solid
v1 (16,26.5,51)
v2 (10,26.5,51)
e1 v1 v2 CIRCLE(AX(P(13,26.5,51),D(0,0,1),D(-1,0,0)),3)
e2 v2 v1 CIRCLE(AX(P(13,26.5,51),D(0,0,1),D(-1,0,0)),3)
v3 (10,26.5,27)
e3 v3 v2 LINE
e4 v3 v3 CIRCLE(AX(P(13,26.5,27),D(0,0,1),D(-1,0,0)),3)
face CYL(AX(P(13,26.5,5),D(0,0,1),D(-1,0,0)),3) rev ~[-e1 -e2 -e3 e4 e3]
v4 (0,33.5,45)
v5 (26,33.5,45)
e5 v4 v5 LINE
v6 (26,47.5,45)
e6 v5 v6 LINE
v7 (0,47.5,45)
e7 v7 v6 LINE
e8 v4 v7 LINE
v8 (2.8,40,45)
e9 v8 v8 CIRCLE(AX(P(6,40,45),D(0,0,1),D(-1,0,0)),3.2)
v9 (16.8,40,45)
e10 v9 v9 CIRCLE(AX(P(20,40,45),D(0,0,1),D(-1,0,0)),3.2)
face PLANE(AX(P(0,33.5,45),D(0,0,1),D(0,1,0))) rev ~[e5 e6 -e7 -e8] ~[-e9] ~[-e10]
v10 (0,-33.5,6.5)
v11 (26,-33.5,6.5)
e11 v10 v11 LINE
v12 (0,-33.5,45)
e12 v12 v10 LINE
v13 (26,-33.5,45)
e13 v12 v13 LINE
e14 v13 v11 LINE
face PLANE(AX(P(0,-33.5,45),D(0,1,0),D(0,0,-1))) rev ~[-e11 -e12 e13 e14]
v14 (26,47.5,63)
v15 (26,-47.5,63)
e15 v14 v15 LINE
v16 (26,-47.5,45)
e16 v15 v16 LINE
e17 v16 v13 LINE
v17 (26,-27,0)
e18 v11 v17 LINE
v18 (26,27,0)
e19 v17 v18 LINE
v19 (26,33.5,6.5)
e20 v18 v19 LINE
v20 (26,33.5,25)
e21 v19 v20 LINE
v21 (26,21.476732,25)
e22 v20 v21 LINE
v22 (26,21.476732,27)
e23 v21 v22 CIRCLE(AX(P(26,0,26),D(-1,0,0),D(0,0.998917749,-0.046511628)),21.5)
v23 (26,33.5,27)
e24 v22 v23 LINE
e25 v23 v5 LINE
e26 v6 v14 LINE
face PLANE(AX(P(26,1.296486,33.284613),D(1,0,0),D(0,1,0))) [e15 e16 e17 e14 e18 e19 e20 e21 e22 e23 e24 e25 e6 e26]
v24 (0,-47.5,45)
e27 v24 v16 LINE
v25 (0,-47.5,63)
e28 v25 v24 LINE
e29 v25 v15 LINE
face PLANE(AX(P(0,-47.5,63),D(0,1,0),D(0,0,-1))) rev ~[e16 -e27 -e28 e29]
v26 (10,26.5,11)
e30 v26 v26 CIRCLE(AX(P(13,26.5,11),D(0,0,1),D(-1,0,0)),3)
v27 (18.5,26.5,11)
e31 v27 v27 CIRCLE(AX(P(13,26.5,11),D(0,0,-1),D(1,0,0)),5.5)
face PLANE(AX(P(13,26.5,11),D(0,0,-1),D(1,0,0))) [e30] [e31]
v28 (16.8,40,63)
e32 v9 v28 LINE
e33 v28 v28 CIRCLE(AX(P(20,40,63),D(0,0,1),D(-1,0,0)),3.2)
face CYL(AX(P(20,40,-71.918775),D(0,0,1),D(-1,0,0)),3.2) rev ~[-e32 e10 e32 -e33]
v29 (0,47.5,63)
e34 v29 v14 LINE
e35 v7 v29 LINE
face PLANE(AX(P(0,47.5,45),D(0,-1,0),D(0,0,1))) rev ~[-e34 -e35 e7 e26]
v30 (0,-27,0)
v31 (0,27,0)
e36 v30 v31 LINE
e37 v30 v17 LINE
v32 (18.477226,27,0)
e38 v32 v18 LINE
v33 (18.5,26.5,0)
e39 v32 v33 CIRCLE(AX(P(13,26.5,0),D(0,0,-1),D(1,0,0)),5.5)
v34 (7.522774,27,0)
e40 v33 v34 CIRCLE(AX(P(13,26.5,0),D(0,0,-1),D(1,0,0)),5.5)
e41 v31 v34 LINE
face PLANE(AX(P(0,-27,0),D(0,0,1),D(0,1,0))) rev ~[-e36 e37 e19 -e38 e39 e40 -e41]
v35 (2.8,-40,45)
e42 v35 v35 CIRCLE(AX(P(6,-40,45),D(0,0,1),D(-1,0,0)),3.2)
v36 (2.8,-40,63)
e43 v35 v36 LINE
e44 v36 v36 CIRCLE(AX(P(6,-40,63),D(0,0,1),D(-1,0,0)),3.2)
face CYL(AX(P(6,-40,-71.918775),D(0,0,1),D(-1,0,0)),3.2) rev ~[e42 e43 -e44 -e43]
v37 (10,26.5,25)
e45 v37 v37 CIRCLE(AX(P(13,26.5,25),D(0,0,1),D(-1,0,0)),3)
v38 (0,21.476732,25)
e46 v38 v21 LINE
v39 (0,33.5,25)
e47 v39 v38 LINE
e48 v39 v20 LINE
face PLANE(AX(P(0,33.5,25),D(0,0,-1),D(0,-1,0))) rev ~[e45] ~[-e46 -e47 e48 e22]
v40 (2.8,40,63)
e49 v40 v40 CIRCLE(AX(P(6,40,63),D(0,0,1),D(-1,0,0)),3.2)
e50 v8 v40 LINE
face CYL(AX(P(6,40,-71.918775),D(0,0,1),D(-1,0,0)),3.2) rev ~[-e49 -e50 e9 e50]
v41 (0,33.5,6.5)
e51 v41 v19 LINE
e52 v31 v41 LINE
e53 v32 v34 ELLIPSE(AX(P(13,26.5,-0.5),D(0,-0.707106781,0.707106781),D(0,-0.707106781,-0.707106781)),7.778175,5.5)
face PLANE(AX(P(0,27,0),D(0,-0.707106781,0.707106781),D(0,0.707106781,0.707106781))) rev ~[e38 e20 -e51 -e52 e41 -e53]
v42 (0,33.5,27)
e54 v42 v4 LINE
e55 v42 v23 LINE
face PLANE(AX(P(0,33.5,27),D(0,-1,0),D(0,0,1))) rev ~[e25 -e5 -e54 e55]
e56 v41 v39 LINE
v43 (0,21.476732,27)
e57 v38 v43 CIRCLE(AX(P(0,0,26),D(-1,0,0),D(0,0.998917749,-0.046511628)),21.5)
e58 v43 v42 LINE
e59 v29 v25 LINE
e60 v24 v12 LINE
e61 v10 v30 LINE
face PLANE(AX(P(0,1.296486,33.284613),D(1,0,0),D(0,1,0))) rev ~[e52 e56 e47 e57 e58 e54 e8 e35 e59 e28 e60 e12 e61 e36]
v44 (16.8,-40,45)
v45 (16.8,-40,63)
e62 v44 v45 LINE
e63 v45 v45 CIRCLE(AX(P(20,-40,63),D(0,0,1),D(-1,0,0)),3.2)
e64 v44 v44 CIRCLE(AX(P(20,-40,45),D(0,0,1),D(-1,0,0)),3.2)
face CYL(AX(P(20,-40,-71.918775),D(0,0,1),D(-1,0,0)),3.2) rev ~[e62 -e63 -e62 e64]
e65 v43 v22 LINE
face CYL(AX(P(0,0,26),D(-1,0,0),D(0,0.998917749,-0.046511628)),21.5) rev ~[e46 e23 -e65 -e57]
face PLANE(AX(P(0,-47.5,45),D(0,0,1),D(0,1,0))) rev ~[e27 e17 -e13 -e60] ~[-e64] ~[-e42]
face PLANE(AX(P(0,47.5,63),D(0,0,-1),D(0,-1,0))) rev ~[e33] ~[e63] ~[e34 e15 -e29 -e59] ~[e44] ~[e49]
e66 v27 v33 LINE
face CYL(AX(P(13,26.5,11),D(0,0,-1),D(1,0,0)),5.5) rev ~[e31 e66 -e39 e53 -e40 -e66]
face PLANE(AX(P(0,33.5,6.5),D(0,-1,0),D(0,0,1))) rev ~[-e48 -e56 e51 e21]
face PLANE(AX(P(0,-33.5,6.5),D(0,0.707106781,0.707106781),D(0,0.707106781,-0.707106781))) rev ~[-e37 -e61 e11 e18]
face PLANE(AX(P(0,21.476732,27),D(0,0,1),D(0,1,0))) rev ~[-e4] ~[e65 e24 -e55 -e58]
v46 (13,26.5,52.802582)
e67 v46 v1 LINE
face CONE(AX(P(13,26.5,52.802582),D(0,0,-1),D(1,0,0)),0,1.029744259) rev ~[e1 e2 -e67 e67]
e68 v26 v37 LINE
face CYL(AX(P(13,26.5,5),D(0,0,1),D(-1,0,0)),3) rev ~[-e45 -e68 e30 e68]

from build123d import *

# Parameters (mm, degrees)
F1_DEPTH       = 26
F3_D           = 6.4
F5_D           = 6
F5_DEPTH       = 46
F5_START       = 5
F5_CBORE_D     = 11
F5_CBORE_DEPTH = 6
F5_TIP         = 1.8025818571


with BuildPart() as f1:
    # F0 (on Right) → F1 (new body)
    with BuildSketch(Plane.YZ):
        with BuildLine():
            Line((-33.5, 6.5), (-27, 0))
            Line((-27, 0), (27, 0))
            Line((27, 0), (33.5, 6.5))
            Line((33.5, 6.5), (33.5, 25))
            Line((33.5, 25), (21.4767315949, 25))
            ThreePointArc((21.4767315949, 25), (-21.5, 26), (21.4767315949, 27))
            Line((21.4767315949, 27), (33.5, 27))
            Line((33.5, 27), (33.5, 45))
            Line((33.5, 45), (47.5, 45))
            Line((47.5, 45), (47.5, 63))
            Line((47.5, 63), (-47.5, 63))
            Line((-47.5, 63), (-47.5, 45))
            Line((-47.5, 45), (-33.5, 45))
            Line((-33.5, 45), (-33.5, 6.5))
        make_face()
    extrude(amount=F1_DEPTH)

    # F3 (through all)
    with Locations(Plane(origin=(0, 0, 45), x_dir=(1, 0, 0), z_dir=(0, 0, -1))):
        with Locations((6, 40), (20, 40), (20, -40), (6, -40)):
            Hole(F3_D / 2)

    # F5
    # its depths count from where the whole tool has entered the part; down to there all is cleared
    with Locations(Plane(origin=(0, 0, 0), x_dir=(1, 0, 0), z_dir=(0, 0, -1)).offset(-F5_START)):
        with Locations((13, -26.5)):
            CounterBoreHole(F5_D / 2, F5_CBORE_D / 2, F5_CBORE_DEPTH, depth=F5_DEPTH)
            with Locations((0, 0, -(F5_DEPTH + F5_TIP / 2))):  # 118° drill point
                Cone(0, F5_D / 2, F5_TIP, mode=Mode.SUBTRACT)


solid = f1.part
